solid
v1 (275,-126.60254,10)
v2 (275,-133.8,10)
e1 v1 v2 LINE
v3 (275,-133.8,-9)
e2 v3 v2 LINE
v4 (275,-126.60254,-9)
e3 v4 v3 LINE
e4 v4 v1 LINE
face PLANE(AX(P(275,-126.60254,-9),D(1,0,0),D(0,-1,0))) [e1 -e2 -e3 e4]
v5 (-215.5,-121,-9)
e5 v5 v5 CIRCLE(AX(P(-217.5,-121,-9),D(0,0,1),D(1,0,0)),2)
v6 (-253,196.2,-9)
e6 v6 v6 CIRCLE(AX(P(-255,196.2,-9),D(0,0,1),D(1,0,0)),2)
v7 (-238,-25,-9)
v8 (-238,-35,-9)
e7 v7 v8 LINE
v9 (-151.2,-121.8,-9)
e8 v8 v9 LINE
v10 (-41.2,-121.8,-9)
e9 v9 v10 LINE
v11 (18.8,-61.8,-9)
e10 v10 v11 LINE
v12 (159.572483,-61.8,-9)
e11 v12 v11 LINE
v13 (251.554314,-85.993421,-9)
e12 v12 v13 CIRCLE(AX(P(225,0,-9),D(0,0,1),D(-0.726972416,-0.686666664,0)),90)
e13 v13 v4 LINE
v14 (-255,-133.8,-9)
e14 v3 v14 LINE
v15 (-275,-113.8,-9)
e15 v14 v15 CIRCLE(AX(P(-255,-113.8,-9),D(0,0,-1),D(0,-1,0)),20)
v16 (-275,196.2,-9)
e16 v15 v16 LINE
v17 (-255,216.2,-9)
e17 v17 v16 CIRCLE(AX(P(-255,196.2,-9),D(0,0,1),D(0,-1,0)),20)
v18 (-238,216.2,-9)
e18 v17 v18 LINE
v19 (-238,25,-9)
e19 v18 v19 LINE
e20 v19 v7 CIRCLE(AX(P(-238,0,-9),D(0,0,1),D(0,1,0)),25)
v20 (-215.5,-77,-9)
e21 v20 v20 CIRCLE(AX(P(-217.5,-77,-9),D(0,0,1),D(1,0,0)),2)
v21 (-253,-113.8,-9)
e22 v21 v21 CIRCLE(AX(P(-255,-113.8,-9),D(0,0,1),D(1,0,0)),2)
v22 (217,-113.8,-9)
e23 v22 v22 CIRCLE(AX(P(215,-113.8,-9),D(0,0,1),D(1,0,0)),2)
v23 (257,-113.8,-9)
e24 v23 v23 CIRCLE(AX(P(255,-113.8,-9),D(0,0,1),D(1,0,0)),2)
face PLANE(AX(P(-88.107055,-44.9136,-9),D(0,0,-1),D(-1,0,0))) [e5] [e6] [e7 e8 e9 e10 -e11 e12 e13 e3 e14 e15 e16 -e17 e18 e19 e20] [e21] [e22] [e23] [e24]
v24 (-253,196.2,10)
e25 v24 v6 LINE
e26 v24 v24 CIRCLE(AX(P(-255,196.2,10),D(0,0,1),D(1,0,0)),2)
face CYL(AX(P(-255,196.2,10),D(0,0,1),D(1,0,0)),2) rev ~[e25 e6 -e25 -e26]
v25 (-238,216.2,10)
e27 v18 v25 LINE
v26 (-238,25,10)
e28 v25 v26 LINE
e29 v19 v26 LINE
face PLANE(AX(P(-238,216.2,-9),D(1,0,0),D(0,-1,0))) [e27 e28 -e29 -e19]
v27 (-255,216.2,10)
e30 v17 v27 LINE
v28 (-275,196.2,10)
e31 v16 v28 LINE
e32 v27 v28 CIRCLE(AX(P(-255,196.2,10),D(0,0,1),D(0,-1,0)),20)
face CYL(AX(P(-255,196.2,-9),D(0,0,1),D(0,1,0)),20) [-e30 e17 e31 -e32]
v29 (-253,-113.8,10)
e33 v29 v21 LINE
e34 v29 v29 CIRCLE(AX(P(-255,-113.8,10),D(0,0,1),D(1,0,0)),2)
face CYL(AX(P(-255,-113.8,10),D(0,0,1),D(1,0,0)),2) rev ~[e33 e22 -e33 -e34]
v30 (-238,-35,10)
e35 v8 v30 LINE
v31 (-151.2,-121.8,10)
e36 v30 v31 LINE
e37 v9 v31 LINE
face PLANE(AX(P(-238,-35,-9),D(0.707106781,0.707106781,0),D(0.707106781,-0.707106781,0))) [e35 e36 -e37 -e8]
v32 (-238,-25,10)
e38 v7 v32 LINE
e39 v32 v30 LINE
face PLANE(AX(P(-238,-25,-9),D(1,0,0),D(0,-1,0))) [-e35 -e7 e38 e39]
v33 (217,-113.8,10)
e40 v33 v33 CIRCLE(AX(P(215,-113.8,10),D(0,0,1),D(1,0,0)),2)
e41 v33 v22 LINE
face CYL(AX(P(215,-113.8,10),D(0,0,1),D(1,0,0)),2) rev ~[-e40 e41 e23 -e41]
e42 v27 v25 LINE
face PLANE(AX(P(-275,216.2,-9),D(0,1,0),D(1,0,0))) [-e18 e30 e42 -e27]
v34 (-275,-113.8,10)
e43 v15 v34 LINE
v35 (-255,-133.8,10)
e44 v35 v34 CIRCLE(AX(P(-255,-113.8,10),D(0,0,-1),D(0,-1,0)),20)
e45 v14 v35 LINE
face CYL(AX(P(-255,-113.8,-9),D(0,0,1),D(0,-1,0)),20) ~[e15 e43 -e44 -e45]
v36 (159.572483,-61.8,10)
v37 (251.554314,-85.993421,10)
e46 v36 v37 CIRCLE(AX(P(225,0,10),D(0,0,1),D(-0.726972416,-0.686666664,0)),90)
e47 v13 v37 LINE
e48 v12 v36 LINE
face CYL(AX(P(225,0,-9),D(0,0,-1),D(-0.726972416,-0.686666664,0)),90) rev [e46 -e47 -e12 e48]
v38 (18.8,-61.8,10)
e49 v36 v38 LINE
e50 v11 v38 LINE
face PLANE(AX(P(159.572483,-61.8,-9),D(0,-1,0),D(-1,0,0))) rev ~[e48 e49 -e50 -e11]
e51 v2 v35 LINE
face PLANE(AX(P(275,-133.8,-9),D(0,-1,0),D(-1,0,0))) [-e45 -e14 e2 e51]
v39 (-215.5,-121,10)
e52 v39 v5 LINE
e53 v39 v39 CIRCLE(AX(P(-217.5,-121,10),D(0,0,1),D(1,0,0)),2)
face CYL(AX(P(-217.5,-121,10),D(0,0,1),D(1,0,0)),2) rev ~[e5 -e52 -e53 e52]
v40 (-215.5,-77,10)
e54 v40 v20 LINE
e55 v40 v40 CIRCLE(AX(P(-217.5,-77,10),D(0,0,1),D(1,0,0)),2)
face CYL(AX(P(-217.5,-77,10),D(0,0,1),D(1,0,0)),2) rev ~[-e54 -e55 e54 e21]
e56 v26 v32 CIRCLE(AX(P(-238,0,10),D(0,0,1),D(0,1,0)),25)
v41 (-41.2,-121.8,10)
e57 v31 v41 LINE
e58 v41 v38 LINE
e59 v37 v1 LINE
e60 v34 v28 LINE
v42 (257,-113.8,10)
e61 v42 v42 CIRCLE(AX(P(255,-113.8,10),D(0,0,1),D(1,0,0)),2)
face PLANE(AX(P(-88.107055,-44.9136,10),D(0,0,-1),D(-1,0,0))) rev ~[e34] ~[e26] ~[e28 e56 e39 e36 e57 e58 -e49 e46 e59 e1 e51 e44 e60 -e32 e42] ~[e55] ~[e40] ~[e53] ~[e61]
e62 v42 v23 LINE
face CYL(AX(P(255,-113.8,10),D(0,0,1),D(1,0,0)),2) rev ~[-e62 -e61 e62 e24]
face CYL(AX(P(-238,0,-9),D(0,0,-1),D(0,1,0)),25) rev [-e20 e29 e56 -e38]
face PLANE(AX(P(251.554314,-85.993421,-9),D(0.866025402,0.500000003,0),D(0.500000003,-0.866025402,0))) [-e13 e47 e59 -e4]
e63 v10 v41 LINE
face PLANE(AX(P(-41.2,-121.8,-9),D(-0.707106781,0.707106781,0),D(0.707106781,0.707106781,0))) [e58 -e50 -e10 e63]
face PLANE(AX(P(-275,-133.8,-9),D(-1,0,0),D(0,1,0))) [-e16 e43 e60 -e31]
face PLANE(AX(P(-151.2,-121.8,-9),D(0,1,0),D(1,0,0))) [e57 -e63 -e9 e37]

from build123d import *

# Parameters (mm, degrees)
PAD013_DEPTH    = 19
FILLET001_R     = 20
SKETCH022_R     = 2
POCKET013_DEPTH = 19.001
SKETCH027_R     = 2
POCKET017_DEPTH = 19.001
SKETCH069_R     = 2
POCKET044_DEPTH = 19.001


with BuildPart() as part:
    # Sketch015 → Pad013 (new body)
    with BuildSketch(Plane.XY):
        with BuildLine():
            Line((-275, 216.2), (-238, 216.2))
            Line((-238, 216.2), (-238, 25))
            ThreePointArc((-238, 25), (-263, 0), (-238, -25))
            Line((-238, -25), (-238, -35))
            Line((-238, -35), (-151.2, -121.8))
            Line((-151.2, -121.8), (-41.2, -121.8))
            Line((-41.2, -121.8), (18.8, -61.8))
            Line((159.572483, -61.8), (18.8, -61.8))
            ThreePointArc((159.572483, -61.8), (202.10651, -87.039578), (251.554314, -85.993421))
            Line((251.554314, -85.993421), (275, -126.60254))
            Line((275, -126.60254), (275, -133.8))
            Line((275, -133.8), (-275, -133.8))
            Line((-275, -133.8), (-275, 216.2))
        make_face()
    extrude(amount=PAD013_DEPTH)

    # Fillet001
    fillet001_edges = [part.edges().sort_by_distance(p)[0] for p in [
        (-275, 216.2, 9.5),
        (-275, -133.8, 9.5),
    ]]
    fillet(fillet001_edges, radius=FILLET001_R)

    # Sketch022 (on Face5 of Fillet001) → Pocket013 (cut, through all)
    with BuildSketch(Plane.XY.offset(19)):
        with Locations((-255, 196.2)):
            Circle(SKETCH022_R)
        with Locations((-255, -113.8)):
            Circle(SKETCH022_R)
        with Locations((215, -113.8)):
            Circle(SKETCH022_R)
    extrude(amount=-POCKET013_DEPTH, mode=Mode.SUBTRACT)

    # Sketch027 (on Face5 of Pocket013) → Pocket017 (cut, through all)
    with BuildSketch(Plane.XY.offset(19)):
        with Locations((255, -113.8)):
            Circle(SKETCH027_R)
    extrude(amount=-POCKET017_DEPTH, mode=Mode.SUBTRACT)

    # Sketch069 (on Face5 of Pocket017) → Pocket044 (cut, through all)
    with BuildSketch(Plane.XY.offset(19)):
        with Locations((-217.5, -77)):
            Circle(SKETCH069_R)
        with Locations((-217.5, -121)):
            Circle(SKETCH069_R)
    extrude(amount=-POCKET044_DEPTH, mode=Mode.SUBTRACT)


with BuildPart() as part_1:
    # Body009 placement: moved
    add(part.part.moved(Location((0, 0, -9))))


solid = part_1.part
